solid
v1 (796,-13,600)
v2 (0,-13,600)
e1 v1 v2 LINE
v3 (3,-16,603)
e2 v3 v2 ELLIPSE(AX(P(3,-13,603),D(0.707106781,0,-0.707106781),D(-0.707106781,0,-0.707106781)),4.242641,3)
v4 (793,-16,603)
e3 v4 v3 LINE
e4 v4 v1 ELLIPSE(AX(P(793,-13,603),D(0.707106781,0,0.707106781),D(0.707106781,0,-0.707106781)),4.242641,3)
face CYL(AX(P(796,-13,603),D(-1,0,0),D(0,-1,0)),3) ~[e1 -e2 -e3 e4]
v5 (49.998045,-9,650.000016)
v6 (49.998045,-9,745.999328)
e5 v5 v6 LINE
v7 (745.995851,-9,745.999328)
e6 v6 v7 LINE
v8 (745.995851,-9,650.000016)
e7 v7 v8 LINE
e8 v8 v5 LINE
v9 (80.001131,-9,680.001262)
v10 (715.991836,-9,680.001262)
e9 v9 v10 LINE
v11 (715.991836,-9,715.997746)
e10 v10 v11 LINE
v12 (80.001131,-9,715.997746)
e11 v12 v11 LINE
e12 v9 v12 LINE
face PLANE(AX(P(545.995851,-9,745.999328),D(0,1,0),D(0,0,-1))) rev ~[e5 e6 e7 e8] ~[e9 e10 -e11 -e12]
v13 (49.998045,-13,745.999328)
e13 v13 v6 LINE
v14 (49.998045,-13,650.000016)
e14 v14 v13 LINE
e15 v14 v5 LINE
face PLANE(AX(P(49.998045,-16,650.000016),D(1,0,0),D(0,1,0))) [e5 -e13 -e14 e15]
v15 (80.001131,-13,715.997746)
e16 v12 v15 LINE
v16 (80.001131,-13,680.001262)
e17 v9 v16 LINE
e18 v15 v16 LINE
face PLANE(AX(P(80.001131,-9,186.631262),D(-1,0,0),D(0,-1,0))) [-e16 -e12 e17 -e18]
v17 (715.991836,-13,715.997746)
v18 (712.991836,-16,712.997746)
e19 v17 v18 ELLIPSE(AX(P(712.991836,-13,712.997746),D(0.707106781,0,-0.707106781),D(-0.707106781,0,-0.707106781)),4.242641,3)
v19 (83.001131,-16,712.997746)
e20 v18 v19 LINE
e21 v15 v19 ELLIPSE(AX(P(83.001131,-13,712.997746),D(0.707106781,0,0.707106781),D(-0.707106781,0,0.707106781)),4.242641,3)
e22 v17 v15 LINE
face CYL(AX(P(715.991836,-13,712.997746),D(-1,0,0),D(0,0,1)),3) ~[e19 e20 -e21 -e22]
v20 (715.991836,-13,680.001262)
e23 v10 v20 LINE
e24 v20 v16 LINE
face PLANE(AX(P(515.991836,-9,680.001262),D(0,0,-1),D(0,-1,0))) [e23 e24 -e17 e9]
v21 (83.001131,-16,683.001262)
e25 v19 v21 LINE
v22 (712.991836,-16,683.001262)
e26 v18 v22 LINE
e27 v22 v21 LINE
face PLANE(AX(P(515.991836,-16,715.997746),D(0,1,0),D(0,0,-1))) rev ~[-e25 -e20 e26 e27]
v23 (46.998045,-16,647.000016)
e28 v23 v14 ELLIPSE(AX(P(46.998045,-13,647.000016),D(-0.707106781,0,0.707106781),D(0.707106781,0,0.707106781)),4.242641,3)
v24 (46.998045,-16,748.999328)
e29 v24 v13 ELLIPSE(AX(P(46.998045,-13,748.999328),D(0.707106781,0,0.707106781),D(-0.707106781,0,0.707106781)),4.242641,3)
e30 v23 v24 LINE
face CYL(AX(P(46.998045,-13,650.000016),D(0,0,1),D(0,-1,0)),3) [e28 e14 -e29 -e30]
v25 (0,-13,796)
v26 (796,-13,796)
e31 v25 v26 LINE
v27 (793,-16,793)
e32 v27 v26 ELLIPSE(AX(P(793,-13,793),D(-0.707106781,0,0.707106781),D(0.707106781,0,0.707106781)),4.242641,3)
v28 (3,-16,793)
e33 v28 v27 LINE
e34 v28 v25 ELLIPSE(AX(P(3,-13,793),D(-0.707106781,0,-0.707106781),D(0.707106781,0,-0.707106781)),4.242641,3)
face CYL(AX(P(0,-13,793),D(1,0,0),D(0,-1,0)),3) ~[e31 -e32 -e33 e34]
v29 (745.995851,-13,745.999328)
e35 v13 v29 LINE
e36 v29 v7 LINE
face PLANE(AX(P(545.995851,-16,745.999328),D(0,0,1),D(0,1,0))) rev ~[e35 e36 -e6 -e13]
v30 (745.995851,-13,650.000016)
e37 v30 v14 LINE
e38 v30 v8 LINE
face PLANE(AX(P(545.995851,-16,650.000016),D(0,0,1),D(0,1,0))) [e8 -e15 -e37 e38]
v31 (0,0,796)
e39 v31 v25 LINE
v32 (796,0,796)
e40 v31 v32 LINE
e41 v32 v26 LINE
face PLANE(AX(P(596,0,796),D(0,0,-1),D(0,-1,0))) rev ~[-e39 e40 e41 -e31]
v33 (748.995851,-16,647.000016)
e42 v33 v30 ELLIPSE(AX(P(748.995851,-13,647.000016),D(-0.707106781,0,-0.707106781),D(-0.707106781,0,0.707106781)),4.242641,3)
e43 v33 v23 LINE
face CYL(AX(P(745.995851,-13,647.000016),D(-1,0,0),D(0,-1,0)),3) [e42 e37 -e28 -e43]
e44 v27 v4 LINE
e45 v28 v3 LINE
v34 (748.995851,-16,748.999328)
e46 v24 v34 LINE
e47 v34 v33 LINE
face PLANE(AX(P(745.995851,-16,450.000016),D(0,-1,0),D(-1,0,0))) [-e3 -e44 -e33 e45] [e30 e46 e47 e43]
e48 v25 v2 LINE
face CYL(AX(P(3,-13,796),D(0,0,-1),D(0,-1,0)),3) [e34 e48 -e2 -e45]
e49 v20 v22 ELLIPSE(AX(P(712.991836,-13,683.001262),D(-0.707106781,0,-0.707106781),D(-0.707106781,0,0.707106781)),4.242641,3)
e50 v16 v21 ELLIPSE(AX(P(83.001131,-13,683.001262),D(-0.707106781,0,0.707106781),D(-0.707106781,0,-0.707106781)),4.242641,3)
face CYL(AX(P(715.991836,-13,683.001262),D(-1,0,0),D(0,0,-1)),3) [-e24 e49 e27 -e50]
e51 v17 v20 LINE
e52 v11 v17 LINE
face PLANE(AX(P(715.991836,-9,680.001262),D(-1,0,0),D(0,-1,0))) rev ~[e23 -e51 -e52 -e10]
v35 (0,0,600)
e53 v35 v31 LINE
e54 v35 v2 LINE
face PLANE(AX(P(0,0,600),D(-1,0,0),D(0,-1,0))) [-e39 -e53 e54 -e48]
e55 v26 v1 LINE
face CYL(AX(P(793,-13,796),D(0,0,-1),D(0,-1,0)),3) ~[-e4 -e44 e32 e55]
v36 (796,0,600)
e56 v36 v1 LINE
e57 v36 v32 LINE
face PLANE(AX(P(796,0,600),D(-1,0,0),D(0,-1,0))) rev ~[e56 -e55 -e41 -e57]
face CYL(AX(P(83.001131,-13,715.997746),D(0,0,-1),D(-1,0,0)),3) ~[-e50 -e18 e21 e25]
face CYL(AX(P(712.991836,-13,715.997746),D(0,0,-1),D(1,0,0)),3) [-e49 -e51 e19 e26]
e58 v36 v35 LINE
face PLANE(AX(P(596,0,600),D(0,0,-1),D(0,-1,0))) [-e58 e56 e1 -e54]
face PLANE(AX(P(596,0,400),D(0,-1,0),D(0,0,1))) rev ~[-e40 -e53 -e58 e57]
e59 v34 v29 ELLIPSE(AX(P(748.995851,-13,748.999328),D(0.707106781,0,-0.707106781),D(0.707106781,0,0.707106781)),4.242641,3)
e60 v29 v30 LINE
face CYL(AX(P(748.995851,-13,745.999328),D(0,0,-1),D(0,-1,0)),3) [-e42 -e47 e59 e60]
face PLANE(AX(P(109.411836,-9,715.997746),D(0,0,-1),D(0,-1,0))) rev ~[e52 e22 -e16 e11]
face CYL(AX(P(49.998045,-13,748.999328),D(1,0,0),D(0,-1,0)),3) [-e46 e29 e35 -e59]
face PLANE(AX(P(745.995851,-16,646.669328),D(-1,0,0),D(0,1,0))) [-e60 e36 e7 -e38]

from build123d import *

# Parameters (mm, degrees)
F0_W      = 44.656470418
F0_H      = 33.8078811765
F1_DEPTH  = 16
F2_DEPTH  = 796
F3_DEPTH  = 196
F4_W      = 68.9578056335
F4_H      = 493.6993122101
F5_DEPTH  = 7
F6_DEPTH  = 9.7
F7_DEPTH  = 99.33
F8_DEPTH  = 99.33
F9_DEPTH  = 17.34
F10_DEPTH = 102.97
F11_W     = 35.2807044983
F11_H     = 492.0964837074
F12_DEPTH = 7
F13_DEPTH = 37.27
F14_DEPTH = 6.58
F15_DEPTH = 106.63
F16_DEPTH = 5.87
F17_DEPTH = 200
F18_DEPTH = 200
F19_DEPTH = 200
F20_DEPTH = 200
F21_DEPTH = 200
F22_DEPTH = 200
F23_DEPTH = 600
F24_DEPTH = 600
F25_DEPTH = 600
F26_DEPTH = 200
F27_DEPTH = 200
F28_DEPTH = 200
F29_DEPTH = 200
F30_DEPTH = 200
F31_DEPTH = 200
F32_DEPTH = 200
F33_DEPTH = 200
F34_DEPTH = 200
F35_R     = 3


with BuildPart() as f1:
    # F0 (on Front) → F1 (new body)
    with BuildSketch(Plane.XZ):
        with Locations((22.328235209, 16.9039405882)):
            Rectangle(F0_W, F0_H)
    extrude(amount=F1_DEPTH)

    # F2 (add): a face of the model
    f2_faces = [f1.faces().sort_by_distance(p)[0] for p in [
        (22.328235209, -8, 0),
    ]]
    extrude(f2_faces, amount=-F2_DEPTH)

    # F3 (add): a face of the model
    f3_faces = [f1.faces().sort_by_distance(p)[0] for p in [
        (0, -8, 398),
    ]]
    extrude(f3_faces, amount=-F3_DEPTH)

    # F4 (on face) → F5 (cut)
    with BuildSketch(Plane.XZ.offset(16)):
        with Locations((94.1769480705, 399.8196721077)):
            Rectangle(F4_W, F4_H)
    extrude(amount=-F5_DEPTH, mode=Mode.SUBTRACT)

    # F6 (cut): a face of the model
    f6_faces = [f1.faces().sort_by_distance(p)[0] for p in [
        (59.6980452538, -12.5, 399.8196721077),
    ]]
    extrude(f6_faces, amount=-F6_DEPTH, mode=Mode.SUBTRACT)

    # F7 (add): a face of the model
    f7_faces = [f1.faces().sort_by_distance(p)[0] for p in [
        (89.3269480705, -12.5, 646.6693282127),
    ]]
    extrude(f7_faces, amount=-F7_DEPTH)

    # F8 (cut): a face of the model
    f8_faces = [f1.faces().sort_by_distance(p)[0] for p in [
        (89.3269480705, -12.5, 646.6693282127),
    ]]
    extrude(f8_faces, amount=-F8_DEPTH, mode=Mode.SUBTRACT)

    # F9 (cut): a face of the model
    f9_faces = [f1.faces().sort_by_distance(p)[0] for p in [
        (128.6558508873, -12.5, 449.4846721077),
    ]]
    extrude(f9_faces, amount=-F9_DEPTH, mode=Mode.SUBTRACT)

    # F10 (cut): a face of the model
    f10_faces = [f1.faces().sort_by_distance(p)[0] for p in [
        (97.9969480705, -12.5, 152.9700160027),
    ]]
    extrude(f10_faces, amount=-F10_DEPTH, mode=Mode.SUBTRACT)

    # F11 (on face) → F12 (join)
    with BuildSketch(Plane.XZ.offset(9)):
        with Locations((91.7714834213, 432.6795041561)):
            Rectangle(F11_W, F11_H)
    extrude(amount=F12_DEPTH)

    # F13 (add): a face of the model
    f13_faces = [f1.faces().sort_by_distance(p)[0] for p in [
        (91.7714834213, -12.5, 678.7277460098),
    ]]
    extrude(f13_faces, amount=F13_DEPTH)

    # F14 (add): a face of the model
    f14_faces = [f1.faces().sort_by_distance(p)[0] for p in [
        (109.4118356705, -12.5, 451.3145041561),
    ]]
    extrude(f14_faces, amount=F14_DEPTH)

    # F15 (add): a face of the model
    f15_faces = [f1.faces().sort_by_distance(p)[0] for p in [
        (95.0614834213, -12.5, 186.6312623024),
    ]]
    extrude(f15_faces, amount=F15_DEPTH)

    # F16 (cut): a face of the model
    f16_faces = [f1.faces().sort_by_distance(p)[0] for p in [
        (74.1311311722, -12.5, 397.9995041561),
    ]]
    extrude(f16_faces, amount=-F16_DEPTH, mode=Mode.SUBTRACT)

    # F17 (add): a face of the model
    f17_faces = [f1.faces().sort_by_distance(p)[0] for p in [
        (196, -8, 398),
    ]]
    extrude(f17_faces, amount=F17_DEPTH)

    # F18 (cut): a face of the model
    f18_faces = [f1.faces().sort_by_distance(p)[0] for p in [
        (145.9958508873, -12.5, 397.9996721077),
    ]]
    extrude(f18_faces, amount=-F18_DEPTH, mode=Mode.SUBTRACT)

    # F19 (add): a face of the model
    f19_faces = [f1.faces().sort_by_distance(p)[0] for p in [
        (115.9918356705, -12.5, 397.9995041561),
    ]]
    extrude(f19_faces, amount=F19_DEPTH)

    # F20 (add): a face of the model
    f20_faces = [f1.faces().sort_by_distance(p)[0] for p in [
        (396, -8, 398),
    ]]
    extrude(f20_faces, amount=F20_DEPTH)

    # F21 (cut): a face of the model
    f21_faces = [f1.faces().sort_by_distance(p)[0] for p in [
        (345.9958508873, -12.5, 397.9996721077),
    ]]
    extrude(f21_faces, amount=-F21_DEPTH, mode=Mode.SUBTRACT)

    # F22 (add): a face of the model
    f22_faces = [f1.faces().sort_by_distance(p)[0] for p in [
        (315.9918356705, -12.5, 397.9995041561),
    ]]
    extrude(f22_faces, amount=F22_DEPTH)

    # F23 (cut): a face of the model
    f23_faces = [f1.faces().sort_by_distance(p)[0] for p in [
        (297.9964834213, -12.5, 80.0012623024),
    ]]
    extrude(f23_faces, amount=-F23_DEPTH, mode=Mode.SUBTRACT)

    # F24 (add): a face of the model
    f24_faces = [f1.faces().sort_by_distance(p)[0] for p in [
        (297.9969480705, -12.5, 50.0000160027),
    ]]
    extrude(f24_faces, amount=F24_DEPTH)

    # F25 (cut): a face of the model
    f25_faces = [f1.faces().sort_by_distance(p)[0] for p in [
        (298, -8, 0),
    ]]
    extrude(f25_faces, amount=-F25_DEPTH, mode=Mode.SUBTRACT)

    # F26 (add): a face of the model
    f26_faces = [f1.faces().sort_by_distance(p)[0] for p in [
        (298, -8, 600),
    ]]
    extrude(f26_faces, amount=F26_DEPTH)

    # F27 (cut): a face of the model
    f27_faces = [f1.faces().sort_by_distance(p)[0] for p in [
        (297.9969480705, -12.5, 650.0000160027),
    ]]
    extrude(f27_faces, amount=-F27_DEPTH, mode=Mode.SUBTRACT)

    # F28 (add): a face of the model
    f28_faces = [f1.faces().sort_by_distance(p)[0] for p in [
        (297.9964834213, -12.5, 680.0012623024),
    ]]
    extrude(f28_faces, amount=F28_DEPTH)

    # F29 (add): a face of the model
    f29_faces = [f1.faces().sort_by_distance(p)[0] for p in [
        (596, -8, 598),
    ]]
    extrude(f29_faces, amount=F29_DEPTH)

    # F30 (cut): a face of the model
    f30_faces = [f1.faces().sort_by_distance(p)[0] for p in [
        (545.9958508873, -12.5, 597.9996721077),
    ]]
    extrude(f30_faces, amount=-F30_DEPTH, mode=Mode.SUBTRACT)

    # F31 (add): a face of the model
    f31_faces = [f1.faces().sort_by_distance(p)[0] for p in [
        (515.9918356705, -12.5, 597.9995041561),
    ]]
    extrude(f31_faces, amount=F31_DEPTH)

    # F32 (cut): a face of the model
    f32_faces = [f1.faces().sort_by_distance(p)[0] for p in [
        (397.9964834213, -12.5, 480.0012623024),
    ]]
    extrude(f32_faces, amount=-F32_DEPTH, mode=Mode.SUBTRACT)

    # F33 (add): a face of the model
    f33_faces = [f1.faces().sort_by_distance(p)[0] for p in [
        (397.9969480705, -12.5, 450.0000160027),
    ]]
    extrude(f33_faces, amount=F33_DEPTH)

    # F34 (cut): a face of the model
    f34_faces = [f1.faces().sort_by_distance(p)[0] for p in [
        (398, -8, 400),
    ]]
    extrude(f34_faces, amount=-F34_DEPTH, mode=Mode.SUBTRACT)

    # F35
    f35_edges = [f1.edges().sort_by_distance(p)[0] for p in [
        (0, -16, 698),
        (398, -16, 796),
        (796, -16, 698),
        (398, -16, 600),
        (49.998045, -16, 697.999672),
        (397.996948, -16, 650.000016),
        (397.996948, -16, 745.999328),
        (745.995851, -16, 697.999672),
        (397.996483, -16, 715.997746),
        (80.001131, -16, 697.999504),
        (397.996483, -16, 680.001262),
        (715.991836, -16, 697.999504),
    ]]
    fillet(f35_edges, radius=F35_R)


solid = f1.part
